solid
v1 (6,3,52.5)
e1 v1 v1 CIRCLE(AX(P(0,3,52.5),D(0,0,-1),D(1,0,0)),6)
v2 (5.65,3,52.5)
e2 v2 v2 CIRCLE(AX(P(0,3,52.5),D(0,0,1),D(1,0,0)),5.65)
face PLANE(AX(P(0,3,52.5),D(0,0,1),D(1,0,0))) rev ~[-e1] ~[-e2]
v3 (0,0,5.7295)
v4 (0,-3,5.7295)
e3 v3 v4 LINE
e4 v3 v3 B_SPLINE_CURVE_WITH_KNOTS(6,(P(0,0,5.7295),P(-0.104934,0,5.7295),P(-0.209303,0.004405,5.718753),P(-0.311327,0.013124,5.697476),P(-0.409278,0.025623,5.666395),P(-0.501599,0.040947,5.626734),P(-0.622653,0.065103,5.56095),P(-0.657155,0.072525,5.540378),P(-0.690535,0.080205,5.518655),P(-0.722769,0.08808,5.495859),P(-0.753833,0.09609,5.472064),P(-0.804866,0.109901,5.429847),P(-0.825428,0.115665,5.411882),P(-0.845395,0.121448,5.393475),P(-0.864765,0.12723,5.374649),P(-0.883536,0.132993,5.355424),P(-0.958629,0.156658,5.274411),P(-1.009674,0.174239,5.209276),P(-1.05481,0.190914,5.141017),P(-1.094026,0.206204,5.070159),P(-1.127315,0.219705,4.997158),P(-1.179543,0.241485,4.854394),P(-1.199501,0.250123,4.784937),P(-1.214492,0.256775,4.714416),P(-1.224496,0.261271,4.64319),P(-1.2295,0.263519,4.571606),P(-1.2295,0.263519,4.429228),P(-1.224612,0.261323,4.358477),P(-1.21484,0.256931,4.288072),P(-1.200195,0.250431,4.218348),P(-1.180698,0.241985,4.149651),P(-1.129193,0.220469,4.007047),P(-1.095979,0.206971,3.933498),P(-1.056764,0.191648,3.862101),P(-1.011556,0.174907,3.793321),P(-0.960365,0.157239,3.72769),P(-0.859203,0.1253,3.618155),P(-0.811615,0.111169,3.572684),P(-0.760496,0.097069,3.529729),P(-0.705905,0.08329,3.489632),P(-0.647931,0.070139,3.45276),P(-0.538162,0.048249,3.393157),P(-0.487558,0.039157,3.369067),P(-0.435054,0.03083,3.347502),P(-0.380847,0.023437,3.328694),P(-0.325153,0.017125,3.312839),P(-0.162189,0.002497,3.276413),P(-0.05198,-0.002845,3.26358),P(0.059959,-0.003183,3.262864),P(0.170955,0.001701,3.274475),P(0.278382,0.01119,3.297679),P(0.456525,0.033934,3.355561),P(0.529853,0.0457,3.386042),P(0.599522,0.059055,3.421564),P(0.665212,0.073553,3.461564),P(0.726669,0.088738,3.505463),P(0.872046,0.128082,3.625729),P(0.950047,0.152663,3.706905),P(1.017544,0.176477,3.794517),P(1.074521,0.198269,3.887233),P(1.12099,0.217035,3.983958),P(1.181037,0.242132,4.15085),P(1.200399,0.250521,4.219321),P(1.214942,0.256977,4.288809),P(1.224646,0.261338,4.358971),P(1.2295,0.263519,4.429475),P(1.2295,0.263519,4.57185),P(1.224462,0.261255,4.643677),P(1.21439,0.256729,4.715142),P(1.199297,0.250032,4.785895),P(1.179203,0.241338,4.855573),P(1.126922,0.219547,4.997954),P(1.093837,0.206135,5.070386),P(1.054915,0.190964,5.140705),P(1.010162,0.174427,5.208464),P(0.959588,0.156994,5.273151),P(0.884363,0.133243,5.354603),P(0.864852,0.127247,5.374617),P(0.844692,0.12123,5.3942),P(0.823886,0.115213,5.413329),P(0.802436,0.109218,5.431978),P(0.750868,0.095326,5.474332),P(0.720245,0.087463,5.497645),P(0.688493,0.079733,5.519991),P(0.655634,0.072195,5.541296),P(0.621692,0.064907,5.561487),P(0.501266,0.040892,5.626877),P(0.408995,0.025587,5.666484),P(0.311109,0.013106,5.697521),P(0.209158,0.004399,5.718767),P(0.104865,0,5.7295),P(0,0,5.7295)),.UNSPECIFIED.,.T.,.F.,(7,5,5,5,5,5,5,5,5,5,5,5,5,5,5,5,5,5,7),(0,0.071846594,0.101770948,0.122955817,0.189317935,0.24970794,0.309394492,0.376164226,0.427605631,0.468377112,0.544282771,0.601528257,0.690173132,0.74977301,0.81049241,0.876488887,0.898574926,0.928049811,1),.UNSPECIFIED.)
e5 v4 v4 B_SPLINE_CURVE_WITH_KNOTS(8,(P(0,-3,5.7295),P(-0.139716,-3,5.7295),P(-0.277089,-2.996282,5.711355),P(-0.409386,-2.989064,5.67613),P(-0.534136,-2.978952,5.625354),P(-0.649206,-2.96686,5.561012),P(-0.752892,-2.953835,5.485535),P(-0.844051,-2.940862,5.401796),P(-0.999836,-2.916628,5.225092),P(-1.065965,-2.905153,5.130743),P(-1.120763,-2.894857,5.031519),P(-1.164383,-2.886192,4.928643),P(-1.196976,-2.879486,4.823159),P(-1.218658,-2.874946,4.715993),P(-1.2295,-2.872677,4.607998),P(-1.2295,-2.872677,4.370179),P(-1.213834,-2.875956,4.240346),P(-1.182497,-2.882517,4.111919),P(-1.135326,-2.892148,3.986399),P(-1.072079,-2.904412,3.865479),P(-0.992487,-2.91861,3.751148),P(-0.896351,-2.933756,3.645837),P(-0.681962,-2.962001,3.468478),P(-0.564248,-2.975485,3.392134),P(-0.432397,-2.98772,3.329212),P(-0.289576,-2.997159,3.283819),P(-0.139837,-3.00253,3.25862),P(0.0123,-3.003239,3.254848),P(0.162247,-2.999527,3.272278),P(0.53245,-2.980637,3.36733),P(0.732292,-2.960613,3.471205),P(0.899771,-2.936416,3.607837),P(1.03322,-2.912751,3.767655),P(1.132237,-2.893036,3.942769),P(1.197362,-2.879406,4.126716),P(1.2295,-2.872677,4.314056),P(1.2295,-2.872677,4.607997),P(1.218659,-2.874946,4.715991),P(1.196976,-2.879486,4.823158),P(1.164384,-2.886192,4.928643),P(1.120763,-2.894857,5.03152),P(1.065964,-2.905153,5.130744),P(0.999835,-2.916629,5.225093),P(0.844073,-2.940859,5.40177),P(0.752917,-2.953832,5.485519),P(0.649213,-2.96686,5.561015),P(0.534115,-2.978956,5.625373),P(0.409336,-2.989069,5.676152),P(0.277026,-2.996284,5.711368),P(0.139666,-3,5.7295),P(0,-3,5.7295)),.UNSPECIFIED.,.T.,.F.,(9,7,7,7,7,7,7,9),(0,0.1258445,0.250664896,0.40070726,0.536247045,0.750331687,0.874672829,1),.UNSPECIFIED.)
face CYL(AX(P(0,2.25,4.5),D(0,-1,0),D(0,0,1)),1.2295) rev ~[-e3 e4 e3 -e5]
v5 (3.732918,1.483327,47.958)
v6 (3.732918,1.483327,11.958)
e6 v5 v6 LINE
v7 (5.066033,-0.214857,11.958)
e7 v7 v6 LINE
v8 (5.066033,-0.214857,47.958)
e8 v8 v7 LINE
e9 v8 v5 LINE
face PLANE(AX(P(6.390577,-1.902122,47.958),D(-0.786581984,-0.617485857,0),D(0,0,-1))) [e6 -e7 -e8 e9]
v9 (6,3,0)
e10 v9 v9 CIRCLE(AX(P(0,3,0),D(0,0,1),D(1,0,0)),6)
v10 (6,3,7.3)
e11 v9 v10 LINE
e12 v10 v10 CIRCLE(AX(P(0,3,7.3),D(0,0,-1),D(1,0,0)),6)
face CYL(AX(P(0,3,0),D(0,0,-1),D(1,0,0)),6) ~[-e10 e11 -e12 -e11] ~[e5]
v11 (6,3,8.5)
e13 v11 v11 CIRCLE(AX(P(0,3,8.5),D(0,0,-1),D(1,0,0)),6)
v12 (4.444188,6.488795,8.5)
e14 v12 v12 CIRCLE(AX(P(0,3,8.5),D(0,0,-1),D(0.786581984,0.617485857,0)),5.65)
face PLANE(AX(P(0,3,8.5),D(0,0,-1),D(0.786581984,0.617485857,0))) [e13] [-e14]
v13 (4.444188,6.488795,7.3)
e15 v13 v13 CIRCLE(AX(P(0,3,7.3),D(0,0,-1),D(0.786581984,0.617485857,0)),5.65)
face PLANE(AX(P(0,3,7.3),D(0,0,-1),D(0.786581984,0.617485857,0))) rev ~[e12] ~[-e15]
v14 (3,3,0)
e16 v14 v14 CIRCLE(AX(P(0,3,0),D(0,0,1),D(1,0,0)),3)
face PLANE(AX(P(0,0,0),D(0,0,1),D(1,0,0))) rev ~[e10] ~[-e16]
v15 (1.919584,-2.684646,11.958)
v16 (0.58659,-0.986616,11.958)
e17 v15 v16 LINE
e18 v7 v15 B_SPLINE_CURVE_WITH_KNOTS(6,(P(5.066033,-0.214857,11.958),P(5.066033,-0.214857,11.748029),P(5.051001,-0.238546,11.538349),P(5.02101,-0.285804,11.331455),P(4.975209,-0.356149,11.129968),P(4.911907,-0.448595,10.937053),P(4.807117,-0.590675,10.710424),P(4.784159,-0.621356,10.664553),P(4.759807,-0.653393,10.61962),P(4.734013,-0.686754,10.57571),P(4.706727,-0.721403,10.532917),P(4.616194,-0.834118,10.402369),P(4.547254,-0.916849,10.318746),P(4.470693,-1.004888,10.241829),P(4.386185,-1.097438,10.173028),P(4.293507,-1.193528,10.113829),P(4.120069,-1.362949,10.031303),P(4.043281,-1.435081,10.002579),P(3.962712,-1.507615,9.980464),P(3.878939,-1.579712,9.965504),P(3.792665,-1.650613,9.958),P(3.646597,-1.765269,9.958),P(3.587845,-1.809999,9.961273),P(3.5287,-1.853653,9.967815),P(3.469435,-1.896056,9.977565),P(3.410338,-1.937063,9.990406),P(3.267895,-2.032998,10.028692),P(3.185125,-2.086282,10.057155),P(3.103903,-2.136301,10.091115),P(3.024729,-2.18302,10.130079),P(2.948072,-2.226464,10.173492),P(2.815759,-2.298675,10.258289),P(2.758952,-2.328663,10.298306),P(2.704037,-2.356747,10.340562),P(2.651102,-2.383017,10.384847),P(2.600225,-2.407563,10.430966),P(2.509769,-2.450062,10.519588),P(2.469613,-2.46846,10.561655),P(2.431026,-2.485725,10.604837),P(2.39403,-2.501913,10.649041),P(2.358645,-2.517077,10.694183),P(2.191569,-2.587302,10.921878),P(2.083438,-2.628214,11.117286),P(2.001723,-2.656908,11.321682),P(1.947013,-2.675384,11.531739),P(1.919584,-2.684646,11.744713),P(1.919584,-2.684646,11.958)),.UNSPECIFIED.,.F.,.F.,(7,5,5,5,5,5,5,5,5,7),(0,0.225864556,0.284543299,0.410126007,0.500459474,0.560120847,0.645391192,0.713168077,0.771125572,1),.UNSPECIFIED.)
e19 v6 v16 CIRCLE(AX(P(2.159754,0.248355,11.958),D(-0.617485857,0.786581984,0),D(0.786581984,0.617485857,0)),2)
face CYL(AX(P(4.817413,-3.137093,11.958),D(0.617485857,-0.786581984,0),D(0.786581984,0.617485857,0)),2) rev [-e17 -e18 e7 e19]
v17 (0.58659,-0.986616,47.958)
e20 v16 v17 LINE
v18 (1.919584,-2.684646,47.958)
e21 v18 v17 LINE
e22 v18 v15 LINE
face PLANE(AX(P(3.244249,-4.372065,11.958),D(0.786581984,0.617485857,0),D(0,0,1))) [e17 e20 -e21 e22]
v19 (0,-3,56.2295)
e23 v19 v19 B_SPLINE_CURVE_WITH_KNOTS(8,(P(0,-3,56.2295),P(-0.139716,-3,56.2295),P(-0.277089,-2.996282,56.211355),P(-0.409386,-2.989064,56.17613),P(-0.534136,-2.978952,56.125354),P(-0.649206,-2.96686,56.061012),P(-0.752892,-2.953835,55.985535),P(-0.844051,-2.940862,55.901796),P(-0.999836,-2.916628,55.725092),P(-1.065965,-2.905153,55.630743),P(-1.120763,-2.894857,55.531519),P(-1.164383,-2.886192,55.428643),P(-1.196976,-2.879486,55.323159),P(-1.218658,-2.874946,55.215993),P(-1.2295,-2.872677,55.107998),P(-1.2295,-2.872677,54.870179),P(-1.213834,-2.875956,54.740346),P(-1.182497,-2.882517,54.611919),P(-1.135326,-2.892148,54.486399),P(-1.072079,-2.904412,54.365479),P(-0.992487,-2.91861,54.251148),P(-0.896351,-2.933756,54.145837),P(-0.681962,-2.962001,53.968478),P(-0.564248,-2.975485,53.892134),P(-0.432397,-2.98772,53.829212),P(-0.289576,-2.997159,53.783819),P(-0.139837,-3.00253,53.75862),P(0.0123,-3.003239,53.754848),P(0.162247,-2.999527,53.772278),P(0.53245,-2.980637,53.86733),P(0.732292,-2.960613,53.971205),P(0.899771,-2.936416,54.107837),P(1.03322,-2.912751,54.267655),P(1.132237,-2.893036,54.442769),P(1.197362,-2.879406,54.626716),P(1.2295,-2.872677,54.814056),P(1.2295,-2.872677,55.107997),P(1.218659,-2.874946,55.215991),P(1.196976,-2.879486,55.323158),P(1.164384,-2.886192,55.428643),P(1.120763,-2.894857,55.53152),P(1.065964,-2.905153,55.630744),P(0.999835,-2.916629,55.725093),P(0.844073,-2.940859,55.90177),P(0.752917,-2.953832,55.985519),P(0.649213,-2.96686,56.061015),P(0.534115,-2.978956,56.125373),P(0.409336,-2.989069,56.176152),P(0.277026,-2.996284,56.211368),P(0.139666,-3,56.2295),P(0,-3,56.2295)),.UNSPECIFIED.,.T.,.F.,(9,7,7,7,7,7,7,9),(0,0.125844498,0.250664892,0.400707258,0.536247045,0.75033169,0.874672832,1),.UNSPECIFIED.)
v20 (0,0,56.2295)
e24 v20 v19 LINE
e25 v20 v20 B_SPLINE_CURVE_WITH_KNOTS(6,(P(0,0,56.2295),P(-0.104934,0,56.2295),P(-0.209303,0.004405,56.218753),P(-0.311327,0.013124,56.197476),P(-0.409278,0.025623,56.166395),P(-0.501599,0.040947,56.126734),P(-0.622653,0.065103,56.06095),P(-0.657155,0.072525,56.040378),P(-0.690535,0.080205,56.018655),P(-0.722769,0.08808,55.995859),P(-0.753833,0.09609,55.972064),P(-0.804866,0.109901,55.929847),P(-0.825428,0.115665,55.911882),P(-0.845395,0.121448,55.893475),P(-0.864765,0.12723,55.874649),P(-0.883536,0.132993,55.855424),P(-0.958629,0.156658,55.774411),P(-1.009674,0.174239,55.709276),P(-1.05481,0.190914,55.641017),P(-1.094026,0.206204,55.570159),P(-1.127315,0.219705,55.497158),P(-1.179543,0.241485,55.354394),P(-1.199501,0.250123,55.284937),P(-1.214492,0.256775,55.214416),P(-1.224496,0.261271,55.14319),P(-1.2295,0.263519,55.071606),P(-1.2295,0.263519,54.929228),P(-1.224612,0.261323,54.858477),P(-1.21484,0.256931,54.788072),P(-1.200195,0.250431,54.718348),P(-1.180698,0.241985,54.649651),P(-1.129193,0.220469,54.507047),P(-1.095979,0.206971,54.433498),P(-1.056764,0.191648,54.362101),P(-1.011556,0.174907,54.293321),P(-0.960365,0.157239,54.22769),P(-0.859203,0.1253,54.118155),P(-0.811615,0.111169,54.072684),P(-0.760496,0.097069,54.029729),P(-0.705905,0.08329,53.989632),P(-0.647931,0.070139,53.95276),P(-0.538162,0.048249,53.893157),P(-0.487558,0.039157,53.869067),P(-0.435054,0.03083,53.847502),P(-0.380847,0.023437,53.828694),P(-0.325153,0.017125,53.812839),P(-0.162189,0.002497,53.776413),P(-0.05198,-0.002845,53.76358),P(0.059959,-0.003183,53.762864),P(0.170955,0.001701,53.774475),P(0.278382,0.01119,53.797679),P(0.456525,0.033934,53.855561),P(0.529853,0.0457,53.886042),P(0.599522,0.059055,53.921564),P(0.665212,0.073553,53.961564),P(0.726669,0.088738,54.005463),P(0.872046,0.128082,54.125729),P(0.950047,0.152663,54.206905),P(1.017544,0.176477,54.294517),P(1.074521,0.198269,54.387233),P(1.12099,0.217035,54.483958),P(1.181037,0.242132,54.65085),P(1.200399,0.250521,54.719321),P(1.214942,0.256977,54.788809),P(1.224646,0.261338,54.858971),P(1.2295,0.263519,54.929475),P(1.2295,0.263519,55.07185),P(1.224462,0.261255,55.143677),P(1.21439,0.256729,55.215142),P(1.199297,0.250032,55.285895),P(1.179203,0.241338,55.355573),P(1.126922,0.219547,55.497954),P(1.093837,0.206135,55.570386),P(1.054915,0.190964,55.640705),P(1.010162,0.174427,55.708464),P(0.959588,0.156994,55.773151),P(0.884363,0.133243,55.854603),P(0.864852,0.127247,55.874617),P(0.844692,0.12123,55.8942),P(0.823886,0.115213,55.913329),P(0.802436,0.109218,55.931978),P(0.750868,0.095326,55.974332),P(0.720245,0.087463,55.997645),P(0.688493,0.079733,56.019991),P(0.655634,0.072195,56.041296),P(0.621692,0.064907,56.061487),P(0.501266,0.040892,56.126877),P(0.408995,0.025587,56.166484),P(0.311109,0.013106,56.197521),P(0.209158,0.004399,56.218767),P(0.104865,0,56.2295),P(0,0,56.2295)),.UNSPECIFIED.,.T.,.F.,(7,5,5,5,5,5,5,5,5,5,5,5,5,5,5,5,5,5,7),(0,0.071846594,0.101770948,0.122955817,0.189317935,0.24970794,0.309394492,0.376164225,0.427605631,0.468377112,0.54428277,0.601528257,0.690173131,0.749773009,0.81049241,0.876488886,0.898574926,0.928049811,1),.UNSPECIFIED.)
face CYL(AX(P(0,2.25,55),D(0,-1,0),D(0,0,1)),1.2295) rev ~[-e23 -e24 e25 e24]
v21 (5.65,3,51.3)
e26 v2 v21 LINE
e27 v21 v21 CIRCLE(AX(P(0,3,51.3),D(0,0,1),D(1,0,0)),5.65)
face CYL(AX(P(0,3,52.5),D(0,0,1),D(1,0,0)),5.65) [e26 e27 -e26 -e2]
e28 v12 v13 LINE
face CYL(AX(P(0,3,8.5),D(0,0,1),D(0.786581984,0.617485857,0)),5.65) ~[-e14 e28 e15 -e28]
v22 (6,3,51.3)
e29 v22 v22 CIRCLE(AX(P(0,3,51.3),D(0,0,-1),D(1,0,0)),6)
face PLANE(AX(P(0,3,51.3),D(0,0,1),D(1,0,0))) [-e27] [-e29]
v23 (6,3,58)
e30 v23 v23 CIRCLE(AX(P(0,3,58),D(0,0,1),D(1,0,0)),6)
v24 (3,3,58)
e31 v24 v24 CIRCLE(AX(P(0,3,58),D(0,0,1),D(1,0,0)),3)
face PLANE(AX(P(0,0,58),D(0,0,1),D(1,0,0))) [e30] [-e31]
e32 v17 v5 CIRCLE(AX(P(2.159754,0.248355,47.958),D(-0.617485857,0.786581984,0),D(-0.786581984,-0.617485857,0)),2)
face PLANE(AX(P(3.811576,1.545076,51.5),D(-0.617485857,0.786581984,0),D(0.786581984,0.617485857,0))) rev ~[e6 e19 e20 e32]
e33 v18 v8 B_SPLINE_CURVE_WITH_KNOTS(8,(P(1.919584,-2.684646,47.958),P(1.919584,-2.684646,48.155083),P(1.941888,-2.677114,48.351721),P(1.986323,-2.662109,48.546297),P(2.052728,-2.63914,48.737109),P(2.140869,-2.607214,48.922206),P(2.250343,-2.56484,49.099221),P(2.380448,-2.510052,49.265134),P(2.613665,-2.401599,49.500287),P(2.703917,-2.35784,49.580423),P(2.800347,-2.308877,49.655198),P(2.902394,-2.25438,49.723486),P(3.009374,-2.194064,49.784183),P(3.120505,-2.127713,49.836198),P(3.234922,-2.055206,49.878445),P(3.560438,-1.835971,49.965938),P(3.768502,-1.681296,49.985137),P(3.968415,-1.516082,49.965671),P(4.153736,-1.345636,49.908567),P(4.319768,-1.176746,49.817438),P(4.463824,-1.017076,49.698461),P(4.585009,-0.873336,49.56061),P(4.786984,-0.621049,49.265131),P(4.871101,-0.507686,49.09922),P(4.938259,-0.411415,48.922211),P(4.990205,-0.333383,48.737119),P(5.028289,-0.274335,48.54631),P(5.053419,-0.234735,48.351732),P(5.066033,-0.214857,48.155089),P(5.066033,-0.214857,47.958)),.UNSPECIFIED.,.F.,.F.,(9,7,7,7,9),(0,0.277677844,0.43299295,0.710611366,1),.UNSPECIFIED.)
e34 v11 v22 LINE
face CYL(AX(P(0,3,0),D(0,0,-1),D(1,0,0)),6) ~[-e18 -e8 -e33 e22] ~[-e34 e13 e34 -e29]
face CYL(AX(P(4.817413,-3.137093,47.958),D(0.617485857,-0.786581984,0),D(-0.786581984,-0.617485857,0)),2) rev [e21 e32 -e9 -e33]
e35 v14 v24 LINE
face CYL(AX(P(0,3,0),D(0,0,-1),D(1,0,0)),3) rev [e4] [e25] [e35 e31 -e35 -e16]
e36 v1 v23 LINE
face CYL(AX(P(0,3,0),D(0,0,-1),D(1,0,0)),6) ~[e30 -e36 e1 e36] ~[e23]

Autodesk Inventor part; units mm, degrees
ref_plane "YZ Plane" through (0, 0, 0) normal (1, 0, 0) x (0, 1, 0)
ref_plane "XY Plane" through (0, 0, 0) normal (0, 0, 1) x (1, 0, 0)
sketch "Эскиз1" plane through (0, 0, 0) normal (0, 0, 1) x (1, 0, 0)
  circle A0 centre (0, 3) radius 3 projected
  circle A1 centre (0, 3) radius 6
  point P0 (0, 0)
  dimension "d0" = 12
extrude "Выдавливание1" add sketch "Эскиз1" along normal blind 58
sketch "Эскиз2" plane through (0, 0, 0) normal (0, 1, 0) x (-1, 0, 0)
  line L0 (6, 58) -> (-6, 58) projected
  line L1 (0, 58) -> (0, 55) construction
  line L2 (0, 0) -> (0, 4.5)
  dimension "d4" = 3
  dimension "d5" = 4.5
ref_plane "РабПлоскость1" through (0, 2.25, 0) normal (0, 1, 0) x (-1, 0, 0)
sketch "Эскиз3" plane through (0, 2.25, 0) normal (0, 1, 0) x (-1, 0, 0)
  point P0 (0, 0)
  point P1 (0, 55)
  point P2 (0, 4.5)
hole "Отверстие1" at (0, 2.25, 55) at (0, 2.25, 4.5) direction (0, -1, 0) diameter 2.459 depth 8.8 tip angle 118 thread size "M3x0.5" class "6H" standard "ISO Metric profile"
ref_plane "РабПлоскость2" through (0, 3, 52.5) normal (0, 0, 1) x (1, 0, 0)
sketch "Эскиз4" plane through (0, 3, 52.5) normal (0, 0, 1) x (1, 0, 0)
  circle A0 centre (0, 0) radius 5.65
  circle A1 centre (0, 0) radius 6.8955
  point P0 (0, -3)
  dimension "d15" = 11.3
extrude "Выдавливание2" cut sketch "Эскиз4" against normal blind 1.2
ref_plane "РабПлоскость3" through (0, 3, 8.5) normal (0, 0, -1) x (0.7866, 0.6175, 0)
sketch "Эскиз5" plane through (0, 3, 8.5) normal (0, 0, -1) x (0.7866, 0.6175, 0)
  circle A0 centre (0, 0) radius 5.65
  circle A1 centre (0, 0) radius 6.969
  point P0 (-1.8524, 2.3598)
  dimension "d18" = 11.3
extrude "Выдавливание3" cut sketch "Эскиз5" along normal blind 1.2
ref_plane "РабПлоскость4" through (6.468, -1.8388, 51.5) normal (-0.6175, 0.7866, 0) x (0.7866, 0.6175, 0)
sketch "Эскиз6" plane through (6.468, -1.8388, 51.5) normal (-0.6175, 0.7866, 0) x (0.7866, 0.6175, 0)
  line L0 (-8.1, -6.5) -> (3.9, -6.5) projected
  line L1 (-2.1, -6.5) -> (-2.1, 51.5) construction
  line L2 (-8.1, 51.5) -> (3.9, 51.5) projected
  line L3 (-2.1, 3.542) -> (-2.1, 39.542) construction
  line L4 (-0.1, 3.542) -> (-0.1, 39.542)
  line L5 (-4.1, 39.542) -> (-4.1, 3.542)
  arc A0 (-4.1, 3.542) -> (-0.1, 3.542) centre (-2.1, 3.542) ccw
  arc A1 (-0.1, 39.542) -> (-4.1, 39.542) centre (-2.1, 39.542) ccw
  point P0 (-3.9524, 51.5)
  point P1 (-2.1, 21.542)
  dimension "d21" = 36
  dimension "d22" = 4
extrude "Выдавливание4" cut sketch "Эскиз6" along normal blind 4.3
properties part number "Вал 2 оси"
